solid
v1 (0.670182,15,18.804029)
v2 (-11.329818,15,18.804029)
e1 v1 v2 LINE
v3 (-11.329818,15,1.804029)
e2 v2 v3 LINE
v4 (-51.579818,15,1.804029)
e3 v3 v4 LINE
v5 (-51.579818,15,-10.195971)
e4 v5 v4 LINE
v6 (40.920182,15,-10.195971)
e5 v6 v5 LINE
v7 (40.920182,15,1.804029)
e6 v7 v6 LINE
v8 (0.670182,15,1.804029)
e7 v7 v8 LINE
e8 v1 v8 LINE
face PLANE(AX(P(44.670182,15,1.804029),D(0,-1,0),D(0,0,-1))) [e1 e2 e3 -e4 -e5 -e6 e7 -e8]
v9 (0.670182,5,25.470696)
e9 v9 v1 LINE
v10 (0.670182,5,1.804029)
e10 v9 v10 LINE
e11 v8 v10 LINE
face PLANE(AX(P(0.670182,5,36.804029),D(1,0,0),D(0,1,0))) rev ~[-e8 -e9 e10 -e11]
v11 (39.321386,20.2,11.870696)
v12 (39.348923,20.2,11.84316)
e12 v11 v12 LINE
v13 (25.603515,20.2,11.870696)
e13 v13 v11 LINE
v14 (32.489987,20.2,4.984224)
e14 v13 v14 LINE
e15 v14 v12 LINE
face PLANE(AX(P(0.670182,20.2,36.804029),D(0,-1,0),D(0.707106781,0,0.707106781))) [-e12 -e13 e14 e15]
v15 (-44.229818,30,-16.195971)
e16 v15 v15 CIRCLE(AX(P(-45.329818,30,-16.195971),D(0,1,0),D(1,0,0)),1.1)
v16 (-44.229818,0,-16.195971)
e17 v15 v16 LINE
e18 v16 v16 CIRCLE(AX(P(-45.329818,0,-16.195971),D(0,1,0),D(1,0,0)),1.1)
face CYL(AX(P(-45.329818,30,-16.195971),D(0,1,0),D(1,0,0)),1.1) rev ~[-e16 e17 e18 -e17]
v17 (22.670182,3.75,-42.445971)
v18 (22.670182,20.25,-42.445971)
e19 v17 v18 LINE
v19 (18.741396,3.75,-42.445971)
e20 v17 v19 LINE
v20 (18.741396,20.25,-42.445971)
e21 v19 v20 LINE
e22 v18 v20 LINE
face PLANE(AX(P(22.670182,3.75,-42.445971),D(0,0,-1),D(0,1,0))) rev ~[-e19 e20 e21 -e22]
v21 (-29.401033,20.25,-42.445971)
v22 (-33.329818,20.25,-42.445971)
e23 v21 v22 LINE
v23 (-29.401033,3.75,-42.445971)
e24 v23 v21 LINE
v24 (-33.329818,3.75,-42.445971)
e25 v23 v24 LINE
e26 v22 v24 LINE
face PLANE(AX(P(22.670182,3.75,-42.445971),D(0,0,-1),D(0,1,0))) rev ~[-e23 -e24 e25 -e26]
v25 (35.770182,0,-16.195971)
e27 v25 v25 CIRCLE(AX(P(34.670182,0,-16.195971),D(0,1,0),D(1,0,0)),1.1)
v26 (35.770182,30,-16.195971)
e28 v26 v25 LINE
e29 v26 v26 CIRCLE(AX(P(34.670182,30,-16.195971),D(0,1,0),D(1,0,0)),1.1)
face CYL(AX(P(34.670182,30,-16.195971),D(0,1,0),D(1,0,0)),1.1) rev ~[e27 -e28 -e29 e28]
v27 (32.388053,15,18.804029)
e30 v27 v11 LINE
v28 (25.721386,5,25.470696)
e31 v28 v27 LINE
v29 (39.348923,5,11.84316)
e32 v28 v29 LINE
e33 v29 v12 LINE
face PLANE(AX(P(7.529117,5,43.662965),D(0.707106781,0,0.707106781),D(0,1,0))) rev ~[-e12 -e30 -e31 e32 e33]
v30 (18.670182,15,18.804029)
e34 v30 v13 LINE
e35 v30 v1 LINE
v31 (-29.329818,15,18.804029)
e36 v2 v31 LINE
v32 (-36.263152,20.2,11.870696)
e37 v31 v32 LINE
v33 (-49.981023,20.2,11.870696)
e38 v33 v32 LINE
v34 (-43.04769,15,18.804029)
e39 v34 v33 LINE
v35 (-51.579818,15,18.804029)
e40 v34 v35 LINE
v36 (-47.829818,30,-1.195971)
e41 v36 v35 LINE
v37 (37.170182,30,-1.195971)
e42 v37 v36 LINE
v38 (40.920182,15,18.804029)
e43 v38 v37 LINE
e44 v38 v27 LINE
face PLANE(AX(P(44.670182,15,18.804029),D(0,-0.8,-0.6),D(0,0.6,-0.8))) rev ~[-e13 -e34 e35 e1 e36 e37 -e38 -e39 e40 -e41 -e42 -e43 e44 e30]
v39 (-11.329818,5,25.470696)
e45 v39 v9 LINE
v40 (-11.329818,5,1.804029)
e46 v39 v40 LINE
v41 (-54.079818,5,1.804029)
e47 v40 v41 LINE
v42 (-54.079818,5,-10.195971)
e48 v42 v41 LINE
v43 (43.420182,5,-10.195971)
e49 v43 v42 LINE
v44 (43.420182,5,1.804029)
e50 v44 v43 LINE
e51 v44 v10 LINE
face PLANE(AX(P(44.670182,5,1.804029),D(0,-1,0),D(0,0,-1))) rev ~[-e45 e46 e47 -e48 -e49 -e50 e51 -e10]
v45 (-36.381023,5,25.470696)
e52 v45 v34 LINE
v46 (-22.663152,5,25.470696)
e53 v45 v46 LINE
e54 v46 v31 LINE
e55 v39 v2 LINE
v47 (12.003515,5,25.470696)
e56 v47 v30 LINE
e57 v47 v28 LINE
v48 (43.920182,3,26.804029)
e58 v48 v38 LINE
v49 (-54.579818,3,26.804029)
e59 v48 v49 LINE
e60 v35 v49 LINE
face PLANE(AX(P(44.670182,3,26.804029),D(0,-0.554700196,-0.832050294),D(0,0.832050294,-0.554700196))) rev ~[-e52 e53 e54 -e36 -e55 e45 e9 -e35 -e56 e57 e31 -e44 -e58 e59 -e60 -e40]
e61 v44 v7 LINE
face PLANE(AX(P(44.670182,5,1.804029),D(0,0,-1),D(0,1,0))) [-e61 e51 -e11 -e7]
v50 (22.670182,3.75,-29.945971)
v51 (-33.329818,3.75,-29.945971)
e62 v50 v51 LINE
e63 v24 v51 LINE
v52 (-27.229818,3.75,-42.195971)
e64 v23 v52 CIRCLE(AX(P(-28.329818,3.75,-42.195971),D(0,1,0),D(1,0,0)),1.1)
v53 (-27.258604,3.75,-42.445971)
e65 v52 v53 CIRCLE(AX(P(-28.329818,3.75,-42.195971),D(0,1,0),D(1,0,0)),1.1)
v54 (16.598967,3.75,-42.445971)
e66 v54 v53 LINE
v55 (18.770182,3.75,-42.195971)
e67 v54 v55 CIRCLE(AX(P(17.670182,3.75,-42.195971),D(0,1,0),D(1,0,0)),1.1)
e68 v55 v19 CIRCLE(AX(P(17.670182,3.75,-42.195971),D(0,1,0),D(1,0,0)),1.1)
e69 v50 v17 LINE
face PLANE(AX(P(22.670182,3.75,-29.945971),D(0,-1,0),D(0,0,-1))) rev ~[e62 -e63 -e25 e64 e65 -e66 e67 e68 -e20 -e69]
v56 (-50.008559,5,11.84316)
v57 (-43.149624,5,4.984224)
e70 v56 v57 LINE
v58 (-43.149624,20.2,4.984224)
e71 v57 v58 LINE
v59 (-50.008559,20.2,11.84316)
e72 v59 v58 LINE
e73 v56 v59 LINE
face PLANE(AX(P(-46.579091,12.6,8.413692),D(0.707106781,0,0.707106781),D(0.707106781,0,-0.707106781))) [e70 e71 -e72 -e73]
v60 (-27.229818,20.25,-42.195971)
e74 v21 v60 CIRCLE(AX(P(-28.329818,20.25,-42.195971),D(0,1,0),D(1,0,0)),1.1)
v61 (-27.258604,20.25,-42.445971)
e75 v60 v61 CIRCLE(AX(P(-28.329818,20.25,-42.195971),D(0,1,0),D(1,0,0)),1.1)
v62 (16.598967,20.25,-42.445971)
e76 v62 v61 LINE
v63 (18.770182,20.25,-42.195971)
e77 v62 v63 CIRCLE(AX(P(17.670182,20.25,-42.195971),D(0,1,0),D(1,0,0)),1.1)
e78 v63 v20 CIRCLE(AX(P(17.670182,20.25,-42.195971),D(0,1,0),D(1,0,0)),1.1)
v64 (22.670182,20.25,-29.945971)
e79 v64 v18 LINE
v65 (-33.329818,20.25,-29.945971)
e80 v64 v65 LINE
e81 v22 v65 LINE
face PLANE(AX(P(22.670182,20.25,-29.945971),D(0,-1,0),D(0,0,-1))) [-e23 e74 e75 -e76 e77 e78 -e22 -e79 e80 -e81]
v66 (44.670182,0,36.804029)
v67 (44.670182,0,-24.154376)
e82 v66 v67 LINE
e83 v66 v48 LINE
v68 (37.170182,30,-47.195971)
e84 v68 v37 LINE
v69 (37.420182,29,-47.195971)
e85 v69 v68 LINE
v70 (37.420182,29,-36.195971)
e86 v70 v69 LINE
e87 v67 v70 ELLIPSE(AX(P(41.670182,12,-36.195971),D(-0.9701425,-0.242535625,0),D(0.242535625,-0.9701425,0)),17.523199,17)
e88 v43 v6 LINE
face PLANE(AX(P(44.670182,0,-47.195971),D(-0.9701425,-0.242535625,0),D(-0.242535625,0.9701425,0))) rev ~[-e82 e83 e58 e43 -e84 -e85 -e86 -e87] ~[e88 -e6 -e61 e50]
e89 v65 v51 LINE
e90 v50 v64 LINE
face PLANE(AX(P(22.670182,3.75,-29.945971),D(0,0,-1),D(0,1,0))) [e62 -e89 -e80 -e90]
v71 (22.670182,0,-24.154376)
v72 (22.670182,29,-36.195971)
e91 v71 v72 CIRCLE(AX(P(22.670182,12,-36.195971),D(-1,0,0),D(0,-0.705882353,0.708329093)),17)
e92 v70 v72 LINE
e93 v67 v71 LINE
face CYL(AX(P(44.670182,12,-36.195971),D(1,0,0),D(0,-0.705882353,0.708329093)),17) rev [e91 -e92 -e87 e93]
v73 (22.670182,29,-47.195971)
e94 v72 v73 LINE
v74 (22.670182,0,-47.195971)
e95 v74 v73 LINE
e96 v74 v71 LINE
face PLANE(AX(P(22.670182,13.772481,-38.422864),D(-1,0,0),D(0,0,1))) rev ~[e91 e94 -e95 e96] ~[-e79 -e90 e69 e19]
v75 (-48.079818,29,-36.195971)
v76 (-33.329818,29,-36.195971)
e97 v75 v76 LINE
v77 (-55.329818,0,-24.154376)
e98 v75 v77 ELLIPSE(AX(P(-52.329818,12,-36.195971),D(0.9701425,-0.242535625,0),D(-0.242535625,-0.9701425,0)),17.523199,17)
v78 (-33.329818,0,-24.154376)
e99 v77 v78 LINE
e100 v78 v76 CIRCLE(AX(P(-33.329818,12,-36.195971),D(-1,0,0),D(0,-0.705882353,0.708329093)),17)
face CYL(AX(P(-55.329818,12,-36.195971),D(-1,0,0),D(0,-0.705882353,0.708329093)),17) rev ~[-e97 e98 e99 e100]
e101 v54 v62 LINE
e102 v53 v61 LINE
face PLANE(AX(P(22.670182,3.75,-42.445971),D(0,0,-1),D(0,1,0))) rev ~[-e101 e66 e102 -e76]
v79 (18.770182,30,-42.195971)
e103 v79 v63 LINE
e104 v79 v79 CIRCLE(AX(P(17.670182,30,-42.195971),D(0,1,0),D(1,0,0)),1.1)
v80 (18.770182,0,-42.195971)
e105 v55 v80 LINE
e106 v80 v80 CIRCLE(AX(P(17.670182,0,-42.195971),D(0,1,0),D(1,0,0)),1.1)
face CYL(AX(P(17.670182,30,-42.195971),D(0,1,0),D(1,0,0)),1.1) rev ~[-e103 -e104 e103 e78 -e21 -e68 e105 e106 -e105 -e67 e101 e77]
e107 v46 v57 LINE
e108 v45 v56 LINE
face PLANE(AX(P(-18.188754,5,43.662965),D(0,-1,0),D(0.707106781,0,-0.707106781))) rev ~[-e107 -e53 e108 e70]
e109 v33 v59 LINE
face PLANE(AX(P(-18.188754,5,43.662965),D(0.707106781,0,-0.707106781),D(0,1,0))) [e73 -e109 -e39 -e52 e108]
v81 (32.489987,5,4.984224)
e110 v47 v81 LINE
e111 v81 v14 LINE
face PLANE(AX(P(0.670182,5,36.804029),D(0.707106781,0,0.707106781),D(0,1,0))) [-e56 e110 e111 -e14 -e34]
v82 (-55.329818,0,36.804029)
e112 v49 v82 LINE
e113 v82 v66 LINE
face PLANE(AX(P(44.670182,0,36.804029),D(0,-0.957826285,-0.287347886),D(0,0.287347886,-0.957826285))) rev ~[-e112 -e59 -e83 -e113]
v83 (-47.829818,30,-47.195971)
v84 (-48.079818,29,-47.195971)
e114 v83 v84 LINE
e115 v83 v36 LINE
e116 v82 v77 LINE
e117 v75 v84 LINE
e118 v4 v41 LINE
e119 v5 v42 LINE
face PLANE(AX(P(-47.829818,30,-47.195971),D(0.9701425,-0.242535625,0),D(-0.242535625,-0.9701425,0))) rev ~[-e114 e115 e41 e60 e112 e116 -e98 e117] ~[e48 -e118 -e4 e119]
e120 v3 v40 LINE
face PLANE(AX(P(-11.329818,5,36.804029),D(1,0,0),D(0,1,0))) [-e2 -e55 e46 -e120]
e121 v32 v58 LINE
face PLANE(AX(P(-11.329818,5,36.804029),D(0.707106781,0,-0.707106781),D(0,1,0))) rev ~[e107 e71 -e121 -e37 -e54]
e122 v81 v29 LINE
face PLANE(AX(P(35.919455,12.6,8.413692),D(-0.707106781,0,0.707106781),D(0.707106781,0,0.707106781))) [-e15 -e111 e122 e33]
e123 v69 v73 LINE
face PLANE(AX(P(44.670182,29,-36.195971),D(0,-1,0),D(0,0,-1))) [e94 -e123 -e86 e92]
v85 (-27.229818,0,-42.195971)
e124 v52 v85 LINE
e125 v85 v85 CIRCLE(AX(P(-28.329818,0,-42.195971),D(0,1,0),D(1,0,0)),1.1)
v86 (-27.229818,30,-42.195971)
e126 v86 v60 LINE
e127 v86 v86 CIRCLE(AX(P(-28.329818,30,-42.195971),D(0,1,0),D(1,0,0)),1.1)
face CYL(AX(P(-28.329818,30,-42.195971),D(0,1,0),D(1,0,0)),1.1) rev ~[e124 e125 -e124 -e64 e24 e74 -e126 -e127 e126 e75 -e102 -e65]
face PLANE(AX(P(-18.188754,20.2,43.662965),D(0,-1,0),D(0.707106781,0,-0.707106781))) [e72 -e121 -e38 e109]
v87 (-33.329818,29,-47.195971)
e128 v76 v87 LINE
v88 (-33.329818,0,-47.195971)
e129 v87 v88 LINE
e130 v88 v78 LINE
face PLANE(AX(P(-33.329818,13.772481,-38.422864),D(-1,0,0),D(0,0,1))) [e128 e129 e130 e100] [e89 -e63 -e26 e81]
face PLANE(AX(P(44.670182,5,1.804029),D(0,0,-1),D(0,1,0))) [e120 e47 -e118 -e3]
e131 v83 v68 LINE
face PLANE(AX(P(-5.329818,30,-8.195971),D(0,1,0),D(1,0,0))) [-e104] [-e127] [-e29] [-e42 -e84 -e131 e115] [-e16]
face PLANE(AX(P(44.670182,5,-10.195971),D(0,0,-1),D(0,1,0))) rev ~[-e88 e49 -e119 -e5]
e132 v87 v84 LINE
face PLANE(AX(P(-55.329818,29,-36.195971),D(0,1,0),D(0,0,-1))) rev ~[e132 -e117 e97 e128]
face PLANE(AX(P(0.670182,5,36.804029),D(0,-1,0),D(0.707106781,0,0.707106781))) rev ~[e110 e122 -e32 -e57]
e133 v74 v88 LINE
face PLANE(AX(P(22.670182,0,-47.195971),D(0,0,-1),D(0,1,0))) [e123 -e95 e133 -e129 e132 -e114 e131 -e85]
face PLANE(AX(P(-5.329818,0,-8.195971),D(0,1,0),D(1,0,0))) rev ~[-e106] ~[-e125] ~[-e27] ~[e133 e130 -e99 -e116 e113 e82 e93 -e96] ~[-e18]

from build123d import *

# Parameters (mm, degrees)
IZIM2_W                       = 100
IZIM2_H                       = 90
Y_KSEKLIK_EKSTR_ZYON1_DEPTH   = 30
KES_EKSTR_ZYON11_DEPTH        = 22
KES_EKSTR_ZYON12_DEPTH        = 22
IZIM7_W                       = 12.5
IZIM7_H                       = 16.5
KES_EKSTR_ZYON13_DEPTH        = 70
IZIM8_W                       = 6
IZIM8_H                       = 30
KES_EKSTR_ZYON14_DEPTH        = 100
IZIM9_W                       = 22
IZIM9_H                       = 6
KES_EKSTR_ZYON15_DEPTH        = 100
IZIM10_W                      = 12
IZIM10_H                      = 10
KES_EKSTR_ZYON16_DEPTH        = 100
IZIM11_W                      = 12
IZIM11_H                      = 10
KES_EKSTR_ZYON17_DEPTH        = 45
Y_KSEKLIK_EKSTR_ZYON2_DEPTH   = 45
Y_KSEKLIK_EKSTR_ZYON2_2_DEPTH = 45
IZIM13_W                      = 9.7
IZIM13_H                      = 15.2
KES_EKSTR_ZYON18_DEPTH        = 45
IZIM14_W                      = 9.7
IZIM14_H                      = 15.2
KES_EKSTR_ZYON19_DEPTH        = 45
IZIM15_W                      = 64.648209686
IZIM15_H                      = 50.718484946
KES_EKSTR_ZYON20_DEPTH        = 45
KES_EKSTR_ZYON21_DEPTH        = 100
IZIM17_R                      = 1.1
KES_EKSTR_ZYON24_DEPTH        = 100
KES_EKSTR_ZYON25_DEPTH        = 100


with BuildPart() as part:
    # Çizim2 → Yükseklik-Ekstrüzyon1 (new body)
    with BuildSketch(Plane(origin=(0, 0, 0), x_dir=(1, 0, 0), z_dir=(0, 1, 0))):
        with Locations((-5.3298184, 8.1959709)):
            Rectangle(IZIM2_W, IZIM2_H)
    extrude(amount=Y_KSEKLIK_EKSTR_ZYON1_DEPTH)

    # Çizim5 → Kes-Ekstrüzyon11 (cut)
    with BuildSketch(Plane(origin=(44.6701816, 0, 0), x_dir=(0, 0, -1), z_dir=(1, 0, 0))):
        with BuildLine():
            Line((36.1959709, 29), (53.1959709, 29))
            Line((53.1959709, 29), (53.1959709, 0))
            Line((53.1959709, 0), (24.154376321, 0))
            ThreePointArc((24.154376321, 0), (20.495652432, 18.519202405), (36.1959709, 29))
        make_face()
    extrude(amount=-KES_EKSTR_ZYON11_DEPTH, mode=Mode.SUBTRACT)

    # Çizim6 → Kes-Ekstrüzyon12 (cut)
    with BuildSketch(Plane.ZY.offset(55.3298184)):
        with BuildLine():
            Line((-36.1959709, 29), (-53.1959709, 29))
            Line((-53.1959709, 29), (-53.1959709, 0))
            Line((-53.1959709, 0), (-24.154376321, 0))
            ThreePointArc((-24.154376321, 0), (-20.495652432, 18.519202405), (-36.1959709, 29))
        make_face()
    extrude(amount=-KES_EKSTR_ZYON12_DEPTH, mode=Mode.SUBTRACT)

    # Çizim7 → Kes-Ekstrüzyon13 (cut)
    with BuildSketch(Plane(origin=(22.6701816, 0, 0), x_dir=(0, 0, -1), z_dir=(1, 0, 0))):
        with Locations((36.1959709, 12)):
            Rectangle(IZIM7_W, IZIM7_H)
    extrude(amount=-KES_EKSTR_ZYON13_DEPTH, mode=Mode.SUBTRACT)

    # Çizim8 → Kes-Ekstrüzyon14 (cut)
    with BuildSketch(Plane(origin=(22.6701816, 0, 0), x_dir=(0, 0, -1), z_dir=(1, 0, 0))):
        with Locations((50.1959709, 15)):
            Rectangle(IZIM8_W, IZIM8_H)
    extrude(amount=-KES_EKSTR_ZYON14_DEPTH, mode=Mode.SUBTRACT)

    # Çizim9 → Kes-Ekstrüzyon15 (cut)
    with BuildSketch(Plane(origin=(0, 30, 0), x_dir=(1, 0, 0), z_dir=(0, 1, 0))):
        with Locations((33.6701816, 50.1959709)):
            Rectangle(IZIM9_W, IZIM9_H)
    extrude(amount=-KES_EKSTR_ZYON15_DEPTH, mode=Mode.SUBTRACT)

    # Çizim10 → Kes-Ekstrüzyon16 (cut)
    with BuildSketch(Plane(origin=(44.6701816, 0, 0), x_dir=(0, 0, -1), z_dir=(1, 0, 0))):
        with Locations((4.1959709, 10)):
            Rectangle(IZIM10_W, IZIM10_H)
    extrude(amount=-KES_EKSTR_ZYON16_DEPTH, mode=Mode.SUBTRACT)

    # Çizim11 → Kes-Ekstrüzyon17 (cut)
    with BuildSketch(Plane.XY.offset(36.8040291)):
        with Locations((-5.3298184, 10)):
            Rectangle(IZIM11_W, IZIM11_H)
    extrude(amount=-KES_EKSTR_ZYON17_DEPTH, mode=Mode.SUBTRACT)

    # Çizim13 → Kes-Ekstrüzyon18 (cut)
    with BuildSketch(Plane(origin=(12.73710535, 0, 12.73710535), x_dir=(0.707106781, 0, -0.707106781), z_dir=(0.707106781, 0, 0.707106781))):
        with Locations((-38.885769972, 12.6)):
            Rectangle(IZIM13_W, IZIM13_H)
    extrude(amount=-KES_EKSTR_ZYON18_DEPTH, mode=Mode.SUBTRACT)

    # Çizim14 → Kes-Ekstrüzyon19 (cut)
    with BuildSketch(Plane(origin=(-18.06692375, 0, 18.06692375), x_dir=(0.707106781, 0, 0.707106781), z_dir=(-0.707106781, 0, 0.707106781))):
        with Locations((31.348268505, 12.6)):
            Rectangle(IZIM14_W, IZIM14_H)
    extrude(amount=-KES_EKSTR_ZYON19_DEPTH, mode=Mode.SUBTRACT)

    # Çizim16 → Kes-Ekstrüzyon21 (cut)
    with BuildSketch(Plane(origin=(44.6701816, 0, 0), x_dir=(0, 0, -1), z_dir=(1, 0, 0))):
        Polygon((-36.8040291, 0), (-26.8040291, 3), (-18.8040291, 15), (1.1959709, 30), (-36.8040291, 30), align=None)
    extrude(amount=-KES_EKSTR_ZYON21_DEPTH, mode=Mode.SUBTRACT)

    # Çizim17 → Kes-Ekstrüzyon24 (cut)
    with BuildSketch(Plane(origin=(0, 30, 0), x_dir=(1, 0, 0), z_dir=(0, 1, 0))):
        with Locations((-28.3298184, 42.1959709)):
            Circle(IZIM17_R)
        with Locations((-45.3298184, 16.1959709)):
            Circle(IZIM17_R)
        with Locations((34.6701816, 16.1959709)):
            Circle(IZIM17_R)
        with Locations((17.6701816, 42.1959709)):
            Circle(IZIM17_R)
    extrude(amount=-KES_EKSTR_ZYON24_DEPTH, mode=Mode.SUBTRACT)

    # Çizim19 → Kes-Ekstrüzyon25 (cut)
    with BuildSketch(Plane(origin=(0, 0, -47.1959709), x_dir=(-1, 0, 0), z_dir=(0, 0, -1))):
        Polygon((-44.6701816, 0), (-37.1701816, 30), (-44.6701816, 30), align=None)
        Polygon((55.3298184, 0), (55.3298184, 30), (47.8298184, 30), align=None)
    extrude(amount=-KES_EKSTR_ZYON25_DEPTH, mode=Mode.SUBTRACT)


with BuildPart() as body_2:
    # Çizim12 → Yükseklik-Ekstrüzyon2 (new body)
    with BuildSketch(Plane(origin=(0, 30, 0), x_dir=(1, 0, 0), z_dir=(0, 1, 0))):
        Polygon((-11.3298184, -36.8040291), (-17.233785956, -42.707996656), (-17.233785956, -36.8040291), align=None)
    extrude(amount=Y_KSEKLIK_EKSTR_ZYON2_DEPTH)


with BuildPart() as body_3:
    # Çizim12 → Y_kseklik-Ekstr_zyon2 2 (new body)
    with BuildSketch(Plane(origin=(0, 30, 0), x_dir=(1, 0, 0), z_dir=(0, 1, 0))):
        Polygon((0.6701816, -36.8040291), (4.718486826, -40.852334326), (4.718486826, -36.8040291), align=None)
    extrude(amount=Y_KSEKLIK_EKSTR_ZYON2_2_DEPTH)


with BuildPart() as kes_ekstr_zyon20_tool:
    # Çizim15 → Kes-Ekstrüzyon20 (new body)
    with BuildSketch(Plane(origin=(0, 30, 0), x_dir=(1, 0, 0), z_dir=(0, 1, 0))):
        with Locations((5.316439318, -44.683310577)):
            Rectangle(IZIM15_W, IZIM15_H)
    extrude(amount=KES_EKSTR_ZYON20_DEPTH)


with BuildPart() as body_2_1:
    add(body_2.part)

    # Kes-Ekstrüzyon20: cut by kes_ekstr_zyon20_tool
    add(kes_ekstr_zyon20_tool.part, mode=Mode.SUBTRACT)


with BuildPart() as body_3_1:
    add(body_3.part)

    # Kes-Ekstrüzyon20: cut by kes_ekstr_zyon20_tool
    add(kes_ekstr_zyon20_tool.part, mode=Mode.SUBTRACT)


solid = part.part
